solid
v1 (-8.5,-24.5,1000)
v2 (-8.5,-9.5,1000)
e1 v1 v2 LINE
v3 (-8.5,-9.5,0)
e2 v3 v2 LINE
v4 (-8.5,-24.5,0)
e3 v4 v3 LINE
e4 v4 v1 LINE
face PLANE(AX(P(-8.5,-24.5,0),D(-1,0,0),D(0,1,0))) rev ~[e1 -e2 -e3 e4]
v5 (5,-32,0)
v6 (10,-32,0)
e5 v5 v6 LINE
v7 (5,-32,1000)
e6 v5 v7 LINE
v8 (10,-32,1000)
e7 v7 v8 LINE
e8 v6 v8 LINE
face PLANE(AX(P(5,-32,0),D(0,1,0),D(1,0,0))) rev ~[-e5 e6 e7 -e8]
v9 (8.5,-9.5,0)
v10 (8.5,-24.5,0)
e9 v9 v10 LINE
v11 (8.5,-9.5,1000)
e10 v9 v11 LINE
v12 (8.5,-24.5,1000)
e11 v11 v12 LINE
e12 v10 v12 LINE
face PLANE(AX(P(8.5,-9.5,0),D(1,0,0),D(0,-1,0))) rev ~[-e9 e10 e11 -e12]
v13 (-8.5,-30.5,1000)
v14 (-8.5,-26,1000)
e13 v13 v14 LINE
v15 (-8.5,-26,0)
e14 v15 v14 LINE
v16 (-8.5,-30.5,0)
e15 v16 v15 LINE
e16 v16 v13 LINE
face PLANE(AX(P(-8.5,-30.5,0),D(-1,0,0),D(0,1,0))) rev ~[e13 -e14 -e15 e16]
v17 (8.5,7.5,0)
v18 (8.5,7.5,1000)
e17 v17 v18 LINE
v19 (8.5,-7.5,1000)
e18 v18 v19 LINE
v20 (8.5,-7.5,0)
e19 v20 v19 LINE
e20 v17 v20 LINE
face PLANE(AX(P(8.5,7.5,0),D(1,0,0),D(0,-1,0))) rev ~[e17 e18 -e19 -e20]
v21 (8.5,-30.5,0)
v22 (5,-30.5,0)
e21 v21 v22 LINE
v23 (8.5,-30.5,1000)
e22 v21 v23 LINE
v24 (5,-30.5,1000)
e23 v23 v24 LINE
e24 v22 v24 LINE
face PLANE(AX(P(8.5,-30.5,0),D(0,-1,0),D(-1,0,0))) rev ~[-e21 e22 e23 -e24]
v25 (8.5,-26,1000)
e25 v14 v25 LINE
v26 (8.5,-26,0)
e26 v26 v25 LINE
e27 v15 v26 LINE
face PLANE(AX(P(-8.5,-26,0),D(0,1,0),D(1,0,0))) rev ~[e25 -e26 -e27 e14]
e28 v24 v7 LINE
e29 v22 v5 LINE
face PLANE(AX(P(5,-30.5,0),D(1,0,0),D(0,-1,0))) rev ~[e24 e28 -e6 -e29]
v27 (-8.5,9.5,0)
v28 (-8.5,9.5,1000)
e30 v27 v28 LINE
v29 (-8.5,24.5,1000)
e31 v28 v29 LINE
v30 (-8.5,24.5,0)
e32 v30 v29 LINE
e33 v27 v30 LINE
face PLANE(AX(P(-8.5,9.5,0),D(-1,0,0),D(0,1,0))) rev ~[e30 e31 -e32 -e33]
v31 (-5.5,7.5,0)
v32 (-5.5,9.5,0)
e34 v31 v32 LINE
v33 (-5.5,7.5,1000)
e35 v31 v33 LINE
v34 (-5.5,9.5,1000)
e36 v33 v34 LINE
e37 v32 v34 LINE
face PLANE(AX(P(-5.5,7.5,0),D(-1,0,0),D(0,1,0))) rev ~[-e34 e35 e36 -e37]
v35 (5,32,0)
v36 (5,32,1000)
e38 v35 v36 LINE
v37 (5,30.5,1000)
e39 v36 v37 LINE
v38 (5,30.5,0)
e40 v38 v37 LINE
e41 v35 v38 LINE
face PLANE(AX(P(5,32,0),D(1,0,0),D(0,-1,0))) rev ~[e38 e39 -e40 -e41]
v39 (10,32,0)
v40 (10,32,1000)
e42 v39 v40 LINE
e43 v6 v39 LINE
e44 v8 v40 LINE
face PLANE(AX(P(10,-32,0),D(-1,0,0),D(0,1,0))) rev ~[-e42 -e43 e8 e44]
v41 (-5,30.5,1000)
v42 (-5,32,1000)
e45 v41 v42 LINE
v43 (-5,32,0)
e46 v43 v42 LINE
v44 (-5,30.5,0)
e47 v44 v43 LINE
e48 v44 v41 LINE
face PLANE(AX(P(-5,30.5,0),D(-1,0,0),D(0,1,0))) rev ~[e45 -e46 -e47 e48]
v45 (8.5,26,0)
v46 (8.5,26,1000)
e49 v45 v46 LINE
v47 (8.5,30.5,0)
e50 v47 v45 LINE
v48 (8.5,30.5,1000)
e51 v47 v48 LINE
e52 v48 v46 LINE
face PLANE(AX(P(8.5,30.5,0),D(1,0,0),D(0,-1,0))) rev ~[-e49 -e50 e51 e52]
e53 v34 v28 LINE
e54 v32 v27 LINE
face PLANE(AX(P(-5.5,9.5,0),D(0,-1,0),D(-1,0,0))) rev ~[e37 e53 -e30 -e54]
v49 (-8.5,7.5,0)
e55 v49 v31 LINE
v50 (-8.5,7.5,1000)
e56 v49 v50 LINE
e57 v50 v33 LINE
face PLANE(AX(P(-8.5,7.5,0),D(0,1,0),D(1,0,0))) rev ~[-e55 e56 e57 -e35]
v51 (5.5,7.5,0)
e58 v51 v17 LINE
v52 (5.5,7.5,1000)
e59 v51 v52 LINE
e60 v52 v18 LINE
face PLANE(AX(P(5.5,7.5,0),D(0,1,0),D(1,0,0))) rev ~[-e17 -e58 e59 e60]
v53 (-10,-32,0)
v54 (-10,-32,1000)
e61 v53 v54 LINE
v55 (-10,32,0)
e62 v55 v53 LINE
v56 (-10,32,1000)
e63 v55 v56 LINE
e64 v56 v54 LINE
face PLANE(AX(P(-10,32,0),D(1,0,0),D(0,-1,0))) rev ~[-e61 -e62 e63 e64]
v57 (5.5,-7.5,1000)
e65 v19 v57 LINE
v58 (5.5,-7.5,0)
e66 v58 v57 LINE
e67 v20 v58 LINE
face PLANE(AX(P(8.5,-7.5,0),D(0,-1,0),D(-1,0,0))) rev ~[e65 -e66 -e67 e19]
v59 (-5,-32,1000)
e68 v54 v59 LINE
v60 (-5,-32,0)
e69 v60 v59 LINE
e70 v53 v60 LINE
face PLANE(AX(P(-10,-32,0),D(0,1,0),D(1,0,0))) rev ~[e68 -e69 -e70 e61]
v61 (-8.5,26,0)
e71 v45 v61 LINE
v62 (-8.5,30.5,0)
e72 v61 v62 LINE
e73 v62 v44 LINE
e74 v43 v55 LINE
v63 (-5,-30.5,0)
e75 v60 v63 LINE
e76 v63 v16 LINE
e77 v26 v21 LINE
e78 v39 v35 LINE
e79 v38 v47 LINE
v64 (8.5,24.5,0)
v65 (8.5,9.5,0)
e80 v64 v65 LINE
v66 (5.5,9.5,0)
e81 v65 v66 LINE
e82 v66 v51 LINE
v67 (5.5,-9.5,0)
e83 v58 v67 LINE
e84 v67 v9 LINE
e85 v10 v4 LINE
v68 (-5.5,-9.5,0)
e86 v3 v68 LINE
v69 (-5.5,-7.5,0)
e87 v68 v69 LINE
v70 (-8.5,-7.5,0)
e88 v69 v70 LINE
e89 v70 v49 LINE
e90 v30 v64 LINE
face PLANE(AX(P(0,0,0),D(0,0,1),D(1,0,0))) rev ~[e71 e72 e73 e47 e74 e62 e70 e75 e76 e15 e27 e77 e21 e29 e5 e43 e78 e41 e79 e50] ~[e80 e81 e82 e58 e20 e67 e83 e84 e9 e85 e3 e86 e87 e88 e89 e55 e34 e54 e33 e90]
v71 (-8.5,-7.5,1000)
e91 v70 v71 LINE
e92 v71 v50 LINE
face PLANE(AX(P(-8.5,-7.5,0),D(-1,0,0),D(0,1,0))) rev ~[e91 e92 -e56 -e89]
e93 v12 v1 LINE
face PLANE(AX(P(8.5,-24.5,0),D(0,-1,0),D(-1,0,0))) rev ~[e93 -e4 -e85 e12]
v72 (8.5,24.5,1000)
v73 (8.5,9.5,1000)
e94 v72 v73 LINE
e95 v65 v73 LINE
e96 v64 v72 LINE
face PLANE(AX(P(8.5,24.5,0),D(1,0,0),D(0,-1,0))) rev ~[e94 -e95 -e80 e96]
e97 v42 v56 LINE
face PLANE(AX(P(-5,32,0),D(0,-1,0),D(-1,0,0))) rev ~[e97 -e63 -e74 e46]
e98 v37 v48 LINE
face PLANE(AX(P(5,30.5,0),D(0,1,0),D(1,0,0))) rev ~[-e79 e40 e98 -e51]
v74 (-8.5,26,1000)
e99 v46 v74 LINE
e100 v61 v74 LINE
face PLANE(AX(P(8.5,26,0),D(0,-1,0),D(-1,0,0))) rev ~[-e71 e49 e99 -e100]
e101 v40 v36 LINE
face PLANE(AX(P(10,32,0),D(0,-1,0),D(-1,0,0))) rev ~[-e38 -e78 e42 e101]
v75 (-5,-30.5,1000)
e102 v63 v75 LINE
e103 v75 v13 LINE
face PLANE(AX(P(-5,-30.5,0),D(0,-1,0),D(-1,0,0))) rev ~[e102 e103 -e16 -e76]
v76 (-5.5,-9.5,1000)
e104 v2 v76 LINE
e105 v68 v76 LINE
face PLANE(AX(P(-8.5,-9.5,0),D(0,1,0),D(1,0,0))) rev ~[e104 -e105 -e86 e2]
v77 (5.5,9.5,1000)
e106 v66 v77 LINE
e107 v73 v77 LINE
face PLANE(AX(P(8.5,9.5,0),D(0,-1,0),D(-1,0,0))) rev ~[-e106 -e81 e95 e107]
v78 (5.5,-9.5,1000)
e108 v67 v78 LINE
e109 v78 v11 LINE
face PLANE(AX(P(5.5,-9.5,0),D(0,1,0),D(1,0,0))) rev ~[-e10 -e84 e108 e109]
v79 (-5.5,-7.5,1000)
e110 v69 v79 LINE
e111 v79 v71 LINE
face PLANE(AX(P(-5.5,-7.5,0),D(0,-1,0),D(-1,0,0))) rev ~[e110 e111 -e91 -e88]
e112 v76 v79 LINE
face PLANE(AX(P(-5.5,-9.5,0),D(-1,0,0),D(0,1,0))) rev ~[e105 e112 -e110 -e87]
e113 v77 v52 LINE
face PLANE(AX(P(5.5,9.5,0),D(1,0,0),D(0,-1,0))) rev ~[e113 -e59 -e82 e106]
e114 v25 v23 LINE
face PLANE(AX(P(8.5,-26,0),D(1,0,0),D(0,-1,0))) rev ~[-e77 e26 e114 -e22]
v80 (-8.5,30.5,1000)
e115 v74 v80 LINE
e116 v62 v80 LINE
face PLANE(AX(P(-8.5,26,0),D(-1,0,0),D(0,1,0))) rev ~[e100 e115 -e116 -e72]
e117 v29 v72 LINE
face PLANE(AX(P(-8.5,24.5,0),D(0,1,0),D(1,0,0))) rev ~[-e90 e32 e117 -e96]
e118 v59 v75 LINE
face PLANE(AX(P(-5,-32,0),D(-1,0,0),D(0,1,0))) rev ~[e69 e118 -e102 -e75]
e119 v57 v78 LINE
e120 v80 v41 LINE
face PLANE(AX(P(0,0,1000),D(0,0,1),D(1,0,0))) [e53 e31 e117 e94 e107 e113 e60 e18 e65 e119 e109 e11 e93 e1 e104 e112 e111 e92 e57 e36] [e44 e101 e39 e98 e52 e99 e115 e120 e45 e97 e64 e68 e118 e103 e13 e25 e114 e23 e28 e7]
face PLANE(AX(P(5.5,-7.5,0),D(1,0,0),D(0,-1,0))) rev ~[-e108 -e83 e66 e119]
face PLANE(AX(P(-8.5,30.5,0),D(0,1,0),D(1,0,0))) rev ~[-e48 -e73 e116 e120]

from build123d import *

# Parameters (mm, degrees)
F1_DEPTH = 1000


with BuildPart() as f1:
    # F0 (on Top) → F1 (new body)
    with BuildSketch(Plane.XY):
        Polygon((-5, 30.5), (-5, 32), (-10, 32), (-10, -32), (-5, -32), (-5, -30.5), (-8.5, -30.5), (-8.5, -26), (8.5, -26), (8.5, -30.5), (5, -30.5), (5, -32), (10, -32), (10, 32), (5, 32), (5, 30.5), (8.5, 30.5), (8.5, 26), (-8.5, 26), (-8.5, 30.5), align=None)
        Polygon((-8.5, 9.5), (-8.5, 24.5), (8.5, 24.5), (8.5, 9.5), (5.5, 9.5), (5.5, 7.5), (8.5, 7.5), (8.5, -7.5), (5.5, -7.5), (5.5, -9.5), (8.5, -9.5), (8.5, -24.5), (-8.5, -24.5), (-8.5, -9.5), (-5.5, -9.5), (-5.5, -7.5), (-8.5, -7.5), (-8.5, 7.5), (-5.5, 7.5), (-5.5, 9.5), align=None, mode=Mode.SUBTRACT)
    extrude(amount=F1_DEPTH)


solid = f1.part
